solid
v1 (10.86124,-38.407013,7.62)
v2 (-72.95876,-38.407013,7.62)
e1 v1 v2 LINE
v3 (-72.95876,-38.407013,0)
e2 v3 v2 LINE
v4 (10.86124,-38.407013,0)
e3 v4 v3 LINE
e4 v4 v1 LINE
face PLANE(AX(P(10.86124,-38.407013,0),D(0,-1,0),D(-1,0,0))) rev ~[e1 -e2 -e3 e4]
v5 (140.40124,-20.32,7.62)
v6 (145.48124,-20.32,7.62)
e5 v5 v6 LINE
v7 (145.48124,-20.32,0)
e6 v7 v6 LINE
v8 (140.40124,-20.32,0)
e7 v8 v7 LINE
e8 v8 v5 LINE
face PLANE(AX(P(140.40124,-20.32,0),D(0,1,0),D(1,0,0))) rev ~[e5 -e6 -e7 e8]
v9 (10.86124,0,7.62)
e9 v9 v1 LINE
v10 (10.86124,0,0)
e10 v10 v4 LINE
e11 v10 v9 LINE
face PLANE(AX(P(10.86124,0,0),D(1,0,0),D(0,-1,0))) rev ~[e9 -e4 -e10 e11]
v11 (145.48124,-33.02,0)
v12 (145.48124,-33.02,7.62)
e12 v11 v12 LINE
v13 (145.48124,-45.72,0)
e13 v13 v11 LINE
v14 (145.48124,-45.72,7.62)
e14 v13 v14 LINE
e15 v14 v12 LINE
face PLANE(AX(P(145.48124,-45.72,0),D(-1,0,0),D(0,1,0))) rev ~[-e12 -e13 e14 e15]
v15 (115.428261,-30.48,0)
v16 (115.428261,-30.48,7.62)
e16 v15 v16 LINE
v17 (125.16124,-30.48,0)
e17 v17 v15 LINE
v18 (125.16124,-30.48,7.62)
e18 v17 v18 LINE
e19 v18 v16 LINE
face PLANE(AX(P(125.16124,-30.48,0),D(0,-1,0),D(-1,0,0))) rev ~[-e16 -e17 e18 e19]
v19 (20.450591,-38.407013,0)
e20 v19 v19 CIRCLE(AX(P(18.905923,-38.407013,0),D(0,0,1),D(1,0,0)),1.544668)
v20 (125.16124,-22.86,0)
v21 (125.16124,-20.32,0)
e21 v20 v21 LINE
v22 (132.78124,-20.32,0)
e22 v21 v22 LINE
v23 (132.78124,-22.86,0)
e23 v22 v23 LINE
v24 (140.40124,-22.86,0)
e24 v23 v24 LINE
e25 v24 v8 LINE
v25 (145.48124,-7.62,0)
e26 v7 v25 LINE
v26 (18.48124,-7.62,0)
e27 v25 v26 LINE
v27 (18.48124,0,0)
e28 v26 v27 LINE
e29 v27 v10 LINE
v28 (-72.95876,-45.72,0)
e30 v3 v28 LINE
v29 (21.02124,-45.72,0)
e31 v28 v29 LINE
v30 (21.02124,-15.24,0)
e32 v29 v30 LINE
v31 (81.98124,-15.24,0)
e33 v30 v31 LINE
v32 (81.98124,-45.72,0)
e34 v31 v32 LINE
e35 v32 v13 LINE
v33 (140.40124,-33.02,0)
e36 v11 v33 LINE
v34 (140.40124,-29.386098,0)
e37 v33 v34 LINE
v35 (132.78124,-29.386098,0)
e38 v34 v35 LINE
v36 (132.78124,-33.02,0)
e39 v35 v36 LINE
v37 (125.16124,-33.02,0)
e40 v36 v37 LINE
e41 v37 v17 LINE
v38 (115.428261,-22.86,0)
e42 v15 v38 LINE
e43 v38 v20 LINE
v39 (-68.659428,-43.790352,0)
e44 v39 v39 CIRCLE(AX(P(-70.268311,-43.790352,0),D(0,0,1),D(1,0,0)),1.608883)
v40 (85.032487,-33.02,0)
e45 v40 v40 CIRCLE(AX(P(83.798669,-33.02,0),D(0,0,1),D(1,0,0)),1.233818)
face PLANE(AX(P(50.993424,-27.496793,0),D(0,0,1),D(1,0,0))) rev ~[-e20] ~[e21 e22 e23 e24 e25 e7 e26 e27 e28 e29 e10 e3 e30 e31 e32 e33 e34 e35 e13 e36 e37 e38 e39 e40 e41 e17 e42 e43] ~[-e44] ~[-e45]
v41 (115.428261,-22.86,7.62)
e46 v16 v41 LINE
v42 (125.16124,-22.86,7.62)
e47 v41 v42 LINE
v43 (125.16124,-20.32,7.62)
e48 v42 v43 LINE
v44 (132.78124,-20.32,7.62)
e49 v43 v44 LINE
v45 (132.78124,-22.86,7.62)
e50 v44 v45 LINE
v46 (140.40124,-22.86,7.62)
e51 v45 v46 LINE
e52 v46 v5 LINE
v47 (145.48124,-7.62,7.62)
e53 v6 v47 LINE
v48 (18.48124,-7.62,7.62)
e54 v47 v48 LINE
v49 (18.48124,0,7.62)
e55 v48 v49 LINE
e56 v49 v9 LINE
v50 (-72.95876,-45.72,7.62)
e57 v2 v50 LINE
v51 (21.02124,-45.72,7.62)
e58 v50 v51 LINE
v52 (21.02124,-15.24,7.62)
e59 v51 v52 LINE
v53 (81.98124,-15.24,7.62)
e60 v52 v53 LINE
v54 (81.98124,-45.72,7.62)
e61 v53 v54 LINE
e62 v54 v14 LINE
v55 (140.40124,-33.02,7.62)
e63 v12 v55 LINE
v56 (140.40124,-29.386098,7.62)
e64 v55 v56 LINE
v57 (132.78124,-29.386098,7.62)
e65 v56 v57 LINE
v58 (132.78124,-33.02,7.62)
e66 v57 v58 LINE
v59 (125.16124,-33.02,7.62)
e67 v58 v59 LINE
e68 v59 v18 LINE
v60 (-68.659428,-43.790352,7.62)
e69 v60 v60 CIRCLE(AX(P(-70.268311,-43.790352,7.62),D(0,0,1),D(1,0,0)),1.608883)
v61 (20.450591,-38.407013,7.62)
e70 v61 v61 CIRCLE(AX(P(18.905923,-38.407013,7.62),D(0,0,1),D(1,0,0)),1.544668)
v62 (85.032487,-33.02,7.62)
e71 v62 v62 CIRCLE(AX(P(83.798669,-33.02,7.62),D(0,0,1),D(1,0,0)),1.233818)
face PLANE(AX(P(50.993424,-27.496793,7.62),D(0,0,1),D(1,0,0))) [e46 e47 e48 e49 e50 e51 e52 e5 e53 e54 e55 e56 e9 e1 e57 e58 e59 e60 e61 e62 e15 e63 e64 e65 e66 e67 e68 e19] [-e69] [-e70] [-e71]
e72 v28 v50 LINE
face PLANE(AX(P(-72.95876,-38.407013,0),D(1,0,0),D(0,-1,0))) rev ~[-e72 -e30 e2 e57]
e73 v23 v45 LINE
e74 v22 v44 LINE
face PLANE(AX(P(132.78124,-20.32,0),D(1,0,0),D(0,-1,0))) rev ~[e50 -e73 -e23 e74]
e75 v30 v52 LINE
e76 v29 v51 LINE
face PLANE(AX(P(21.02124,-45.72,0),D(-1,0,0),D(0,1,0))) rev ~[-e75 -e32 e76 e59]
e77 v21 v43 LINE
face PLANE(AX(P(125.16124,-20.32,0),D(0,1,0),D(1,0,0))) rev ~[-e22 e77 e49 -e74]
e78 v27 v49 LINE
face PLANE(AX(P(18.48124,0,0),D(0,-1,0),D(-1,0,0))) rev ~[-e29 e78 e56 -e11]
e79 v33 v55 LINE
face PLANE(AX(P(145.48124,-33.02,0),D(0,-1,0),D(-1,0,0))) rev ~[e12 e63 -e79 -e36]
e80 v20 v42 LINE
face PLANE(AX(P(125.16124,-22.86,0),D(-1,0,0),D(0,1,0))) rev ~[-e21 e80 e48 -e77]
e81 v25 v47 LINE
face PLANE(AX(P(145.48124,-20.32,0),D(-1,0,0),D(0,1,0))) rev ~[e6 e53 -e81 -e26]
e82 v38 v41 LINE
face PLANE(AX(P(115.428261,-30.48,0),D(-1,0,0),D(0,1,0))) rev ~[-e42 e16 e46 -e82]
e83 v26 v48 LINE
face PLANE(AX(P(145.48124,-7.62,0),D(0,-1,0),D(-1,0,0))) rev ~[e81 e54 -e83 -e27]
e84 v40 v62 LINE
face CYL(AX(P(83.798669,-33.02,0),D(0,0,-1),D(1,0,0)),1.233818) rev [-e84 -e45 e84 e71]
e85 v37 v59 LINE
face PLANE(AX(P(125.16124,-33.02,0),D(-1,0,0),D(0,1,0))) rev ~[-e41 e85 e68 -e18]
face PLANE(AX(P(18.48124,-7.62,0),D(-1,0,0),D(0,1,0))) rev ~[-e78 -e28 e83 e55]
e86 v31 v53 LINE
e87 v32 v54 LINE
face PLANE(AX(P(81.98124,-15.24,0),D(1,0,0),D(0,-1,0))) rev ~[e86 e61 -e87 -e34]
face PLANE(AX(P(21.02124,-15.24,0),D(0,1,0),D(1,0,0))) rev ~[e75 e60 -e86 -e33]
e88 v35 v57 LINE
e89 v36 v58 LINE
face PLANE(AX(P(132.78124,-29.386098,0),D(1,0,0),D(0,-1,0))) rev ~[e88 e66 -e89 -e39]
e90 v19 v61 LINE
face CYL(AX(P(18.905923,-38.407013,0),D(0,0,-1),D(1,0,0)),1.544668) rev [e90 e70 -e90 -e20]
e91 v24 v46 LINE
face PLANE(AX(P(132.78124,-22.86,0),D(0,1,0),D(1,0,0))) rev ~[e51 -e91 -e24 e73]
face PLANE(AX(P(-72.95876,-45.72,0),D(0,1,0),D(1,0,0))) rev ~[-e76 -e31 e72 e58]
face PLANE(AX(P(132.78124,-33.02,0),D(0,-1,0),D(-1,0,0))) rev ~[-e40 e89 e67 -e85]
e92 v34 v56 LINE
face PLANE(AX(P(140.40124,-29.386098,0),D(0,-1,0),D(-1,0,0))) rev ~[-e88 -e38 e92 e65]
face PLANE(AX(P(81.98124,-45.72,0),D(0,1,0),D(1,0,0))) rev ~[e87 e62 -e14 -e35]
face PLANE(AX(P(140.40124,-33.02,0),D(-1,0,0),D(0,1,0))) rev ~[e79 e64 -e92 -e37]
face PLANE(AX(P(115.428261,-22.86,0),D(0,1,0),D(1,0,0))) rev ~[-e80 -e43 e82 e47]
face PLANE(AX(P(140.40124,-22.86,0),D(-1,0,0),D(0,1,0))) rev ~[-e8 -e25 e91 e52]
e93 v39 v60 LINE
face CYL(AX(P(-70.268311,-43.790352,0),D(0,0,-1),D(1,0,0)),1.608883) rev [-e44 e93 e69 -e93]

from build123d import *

# Parameters (mm, degrees)
F0_R     = 1.608883
F0_R_2   = 1.544668
F0_R_3   = 1.233818
F1_DEPTH = 7.62


with BuildPart() as f1:
    # F0 (on Top) → F1 (new body)
    with BuildSketch(Plane.XY):
        Polygon((-72.95876, -38.407013), (-72.95876, -45.72), (21.02124, -45.72), (21.02124, -15.24), (81.98124, -15.24), (81.98124, -45.72), (145.48124, -45.72), (145.48124, -33.02), (140.40124, -33.02), (140.40124, -29.386098), (132.78124, -29.386098), (132.78124, -33.02), (125.16124, -33.02), (125.16124, -30.48), (115.428261, -30.48), (115.428261, -22.86), (125.16124, -22.86), (125.16124, -20.32), (132.78124, -20.32), (132.78124, -22.86), (140.40124, -22.86), (140.40124, -20.32), (145.48124, -20.32), (145.48124, -7.62), (18.48124, -7.62), (18.48124, 0), (10.86124, 0), (10.86124, -7.62), (10.86124, -38.407013), align=None)
        with Locations((-70.268311, -43.790352)):
            Circle(F0_R, mode=Mode.SUBTRACT)
        with Locations((18.905923, -38.407013)):
            Circle(F0_R_2, mode=Mode.SUBTRACT)
        with Locations((83.798669, -33.02)):
            Circle(F0_R_3, mode=Mode.SUBTRACT)
    extrude(amount=F1_DEPTH)


solid = f1.part
